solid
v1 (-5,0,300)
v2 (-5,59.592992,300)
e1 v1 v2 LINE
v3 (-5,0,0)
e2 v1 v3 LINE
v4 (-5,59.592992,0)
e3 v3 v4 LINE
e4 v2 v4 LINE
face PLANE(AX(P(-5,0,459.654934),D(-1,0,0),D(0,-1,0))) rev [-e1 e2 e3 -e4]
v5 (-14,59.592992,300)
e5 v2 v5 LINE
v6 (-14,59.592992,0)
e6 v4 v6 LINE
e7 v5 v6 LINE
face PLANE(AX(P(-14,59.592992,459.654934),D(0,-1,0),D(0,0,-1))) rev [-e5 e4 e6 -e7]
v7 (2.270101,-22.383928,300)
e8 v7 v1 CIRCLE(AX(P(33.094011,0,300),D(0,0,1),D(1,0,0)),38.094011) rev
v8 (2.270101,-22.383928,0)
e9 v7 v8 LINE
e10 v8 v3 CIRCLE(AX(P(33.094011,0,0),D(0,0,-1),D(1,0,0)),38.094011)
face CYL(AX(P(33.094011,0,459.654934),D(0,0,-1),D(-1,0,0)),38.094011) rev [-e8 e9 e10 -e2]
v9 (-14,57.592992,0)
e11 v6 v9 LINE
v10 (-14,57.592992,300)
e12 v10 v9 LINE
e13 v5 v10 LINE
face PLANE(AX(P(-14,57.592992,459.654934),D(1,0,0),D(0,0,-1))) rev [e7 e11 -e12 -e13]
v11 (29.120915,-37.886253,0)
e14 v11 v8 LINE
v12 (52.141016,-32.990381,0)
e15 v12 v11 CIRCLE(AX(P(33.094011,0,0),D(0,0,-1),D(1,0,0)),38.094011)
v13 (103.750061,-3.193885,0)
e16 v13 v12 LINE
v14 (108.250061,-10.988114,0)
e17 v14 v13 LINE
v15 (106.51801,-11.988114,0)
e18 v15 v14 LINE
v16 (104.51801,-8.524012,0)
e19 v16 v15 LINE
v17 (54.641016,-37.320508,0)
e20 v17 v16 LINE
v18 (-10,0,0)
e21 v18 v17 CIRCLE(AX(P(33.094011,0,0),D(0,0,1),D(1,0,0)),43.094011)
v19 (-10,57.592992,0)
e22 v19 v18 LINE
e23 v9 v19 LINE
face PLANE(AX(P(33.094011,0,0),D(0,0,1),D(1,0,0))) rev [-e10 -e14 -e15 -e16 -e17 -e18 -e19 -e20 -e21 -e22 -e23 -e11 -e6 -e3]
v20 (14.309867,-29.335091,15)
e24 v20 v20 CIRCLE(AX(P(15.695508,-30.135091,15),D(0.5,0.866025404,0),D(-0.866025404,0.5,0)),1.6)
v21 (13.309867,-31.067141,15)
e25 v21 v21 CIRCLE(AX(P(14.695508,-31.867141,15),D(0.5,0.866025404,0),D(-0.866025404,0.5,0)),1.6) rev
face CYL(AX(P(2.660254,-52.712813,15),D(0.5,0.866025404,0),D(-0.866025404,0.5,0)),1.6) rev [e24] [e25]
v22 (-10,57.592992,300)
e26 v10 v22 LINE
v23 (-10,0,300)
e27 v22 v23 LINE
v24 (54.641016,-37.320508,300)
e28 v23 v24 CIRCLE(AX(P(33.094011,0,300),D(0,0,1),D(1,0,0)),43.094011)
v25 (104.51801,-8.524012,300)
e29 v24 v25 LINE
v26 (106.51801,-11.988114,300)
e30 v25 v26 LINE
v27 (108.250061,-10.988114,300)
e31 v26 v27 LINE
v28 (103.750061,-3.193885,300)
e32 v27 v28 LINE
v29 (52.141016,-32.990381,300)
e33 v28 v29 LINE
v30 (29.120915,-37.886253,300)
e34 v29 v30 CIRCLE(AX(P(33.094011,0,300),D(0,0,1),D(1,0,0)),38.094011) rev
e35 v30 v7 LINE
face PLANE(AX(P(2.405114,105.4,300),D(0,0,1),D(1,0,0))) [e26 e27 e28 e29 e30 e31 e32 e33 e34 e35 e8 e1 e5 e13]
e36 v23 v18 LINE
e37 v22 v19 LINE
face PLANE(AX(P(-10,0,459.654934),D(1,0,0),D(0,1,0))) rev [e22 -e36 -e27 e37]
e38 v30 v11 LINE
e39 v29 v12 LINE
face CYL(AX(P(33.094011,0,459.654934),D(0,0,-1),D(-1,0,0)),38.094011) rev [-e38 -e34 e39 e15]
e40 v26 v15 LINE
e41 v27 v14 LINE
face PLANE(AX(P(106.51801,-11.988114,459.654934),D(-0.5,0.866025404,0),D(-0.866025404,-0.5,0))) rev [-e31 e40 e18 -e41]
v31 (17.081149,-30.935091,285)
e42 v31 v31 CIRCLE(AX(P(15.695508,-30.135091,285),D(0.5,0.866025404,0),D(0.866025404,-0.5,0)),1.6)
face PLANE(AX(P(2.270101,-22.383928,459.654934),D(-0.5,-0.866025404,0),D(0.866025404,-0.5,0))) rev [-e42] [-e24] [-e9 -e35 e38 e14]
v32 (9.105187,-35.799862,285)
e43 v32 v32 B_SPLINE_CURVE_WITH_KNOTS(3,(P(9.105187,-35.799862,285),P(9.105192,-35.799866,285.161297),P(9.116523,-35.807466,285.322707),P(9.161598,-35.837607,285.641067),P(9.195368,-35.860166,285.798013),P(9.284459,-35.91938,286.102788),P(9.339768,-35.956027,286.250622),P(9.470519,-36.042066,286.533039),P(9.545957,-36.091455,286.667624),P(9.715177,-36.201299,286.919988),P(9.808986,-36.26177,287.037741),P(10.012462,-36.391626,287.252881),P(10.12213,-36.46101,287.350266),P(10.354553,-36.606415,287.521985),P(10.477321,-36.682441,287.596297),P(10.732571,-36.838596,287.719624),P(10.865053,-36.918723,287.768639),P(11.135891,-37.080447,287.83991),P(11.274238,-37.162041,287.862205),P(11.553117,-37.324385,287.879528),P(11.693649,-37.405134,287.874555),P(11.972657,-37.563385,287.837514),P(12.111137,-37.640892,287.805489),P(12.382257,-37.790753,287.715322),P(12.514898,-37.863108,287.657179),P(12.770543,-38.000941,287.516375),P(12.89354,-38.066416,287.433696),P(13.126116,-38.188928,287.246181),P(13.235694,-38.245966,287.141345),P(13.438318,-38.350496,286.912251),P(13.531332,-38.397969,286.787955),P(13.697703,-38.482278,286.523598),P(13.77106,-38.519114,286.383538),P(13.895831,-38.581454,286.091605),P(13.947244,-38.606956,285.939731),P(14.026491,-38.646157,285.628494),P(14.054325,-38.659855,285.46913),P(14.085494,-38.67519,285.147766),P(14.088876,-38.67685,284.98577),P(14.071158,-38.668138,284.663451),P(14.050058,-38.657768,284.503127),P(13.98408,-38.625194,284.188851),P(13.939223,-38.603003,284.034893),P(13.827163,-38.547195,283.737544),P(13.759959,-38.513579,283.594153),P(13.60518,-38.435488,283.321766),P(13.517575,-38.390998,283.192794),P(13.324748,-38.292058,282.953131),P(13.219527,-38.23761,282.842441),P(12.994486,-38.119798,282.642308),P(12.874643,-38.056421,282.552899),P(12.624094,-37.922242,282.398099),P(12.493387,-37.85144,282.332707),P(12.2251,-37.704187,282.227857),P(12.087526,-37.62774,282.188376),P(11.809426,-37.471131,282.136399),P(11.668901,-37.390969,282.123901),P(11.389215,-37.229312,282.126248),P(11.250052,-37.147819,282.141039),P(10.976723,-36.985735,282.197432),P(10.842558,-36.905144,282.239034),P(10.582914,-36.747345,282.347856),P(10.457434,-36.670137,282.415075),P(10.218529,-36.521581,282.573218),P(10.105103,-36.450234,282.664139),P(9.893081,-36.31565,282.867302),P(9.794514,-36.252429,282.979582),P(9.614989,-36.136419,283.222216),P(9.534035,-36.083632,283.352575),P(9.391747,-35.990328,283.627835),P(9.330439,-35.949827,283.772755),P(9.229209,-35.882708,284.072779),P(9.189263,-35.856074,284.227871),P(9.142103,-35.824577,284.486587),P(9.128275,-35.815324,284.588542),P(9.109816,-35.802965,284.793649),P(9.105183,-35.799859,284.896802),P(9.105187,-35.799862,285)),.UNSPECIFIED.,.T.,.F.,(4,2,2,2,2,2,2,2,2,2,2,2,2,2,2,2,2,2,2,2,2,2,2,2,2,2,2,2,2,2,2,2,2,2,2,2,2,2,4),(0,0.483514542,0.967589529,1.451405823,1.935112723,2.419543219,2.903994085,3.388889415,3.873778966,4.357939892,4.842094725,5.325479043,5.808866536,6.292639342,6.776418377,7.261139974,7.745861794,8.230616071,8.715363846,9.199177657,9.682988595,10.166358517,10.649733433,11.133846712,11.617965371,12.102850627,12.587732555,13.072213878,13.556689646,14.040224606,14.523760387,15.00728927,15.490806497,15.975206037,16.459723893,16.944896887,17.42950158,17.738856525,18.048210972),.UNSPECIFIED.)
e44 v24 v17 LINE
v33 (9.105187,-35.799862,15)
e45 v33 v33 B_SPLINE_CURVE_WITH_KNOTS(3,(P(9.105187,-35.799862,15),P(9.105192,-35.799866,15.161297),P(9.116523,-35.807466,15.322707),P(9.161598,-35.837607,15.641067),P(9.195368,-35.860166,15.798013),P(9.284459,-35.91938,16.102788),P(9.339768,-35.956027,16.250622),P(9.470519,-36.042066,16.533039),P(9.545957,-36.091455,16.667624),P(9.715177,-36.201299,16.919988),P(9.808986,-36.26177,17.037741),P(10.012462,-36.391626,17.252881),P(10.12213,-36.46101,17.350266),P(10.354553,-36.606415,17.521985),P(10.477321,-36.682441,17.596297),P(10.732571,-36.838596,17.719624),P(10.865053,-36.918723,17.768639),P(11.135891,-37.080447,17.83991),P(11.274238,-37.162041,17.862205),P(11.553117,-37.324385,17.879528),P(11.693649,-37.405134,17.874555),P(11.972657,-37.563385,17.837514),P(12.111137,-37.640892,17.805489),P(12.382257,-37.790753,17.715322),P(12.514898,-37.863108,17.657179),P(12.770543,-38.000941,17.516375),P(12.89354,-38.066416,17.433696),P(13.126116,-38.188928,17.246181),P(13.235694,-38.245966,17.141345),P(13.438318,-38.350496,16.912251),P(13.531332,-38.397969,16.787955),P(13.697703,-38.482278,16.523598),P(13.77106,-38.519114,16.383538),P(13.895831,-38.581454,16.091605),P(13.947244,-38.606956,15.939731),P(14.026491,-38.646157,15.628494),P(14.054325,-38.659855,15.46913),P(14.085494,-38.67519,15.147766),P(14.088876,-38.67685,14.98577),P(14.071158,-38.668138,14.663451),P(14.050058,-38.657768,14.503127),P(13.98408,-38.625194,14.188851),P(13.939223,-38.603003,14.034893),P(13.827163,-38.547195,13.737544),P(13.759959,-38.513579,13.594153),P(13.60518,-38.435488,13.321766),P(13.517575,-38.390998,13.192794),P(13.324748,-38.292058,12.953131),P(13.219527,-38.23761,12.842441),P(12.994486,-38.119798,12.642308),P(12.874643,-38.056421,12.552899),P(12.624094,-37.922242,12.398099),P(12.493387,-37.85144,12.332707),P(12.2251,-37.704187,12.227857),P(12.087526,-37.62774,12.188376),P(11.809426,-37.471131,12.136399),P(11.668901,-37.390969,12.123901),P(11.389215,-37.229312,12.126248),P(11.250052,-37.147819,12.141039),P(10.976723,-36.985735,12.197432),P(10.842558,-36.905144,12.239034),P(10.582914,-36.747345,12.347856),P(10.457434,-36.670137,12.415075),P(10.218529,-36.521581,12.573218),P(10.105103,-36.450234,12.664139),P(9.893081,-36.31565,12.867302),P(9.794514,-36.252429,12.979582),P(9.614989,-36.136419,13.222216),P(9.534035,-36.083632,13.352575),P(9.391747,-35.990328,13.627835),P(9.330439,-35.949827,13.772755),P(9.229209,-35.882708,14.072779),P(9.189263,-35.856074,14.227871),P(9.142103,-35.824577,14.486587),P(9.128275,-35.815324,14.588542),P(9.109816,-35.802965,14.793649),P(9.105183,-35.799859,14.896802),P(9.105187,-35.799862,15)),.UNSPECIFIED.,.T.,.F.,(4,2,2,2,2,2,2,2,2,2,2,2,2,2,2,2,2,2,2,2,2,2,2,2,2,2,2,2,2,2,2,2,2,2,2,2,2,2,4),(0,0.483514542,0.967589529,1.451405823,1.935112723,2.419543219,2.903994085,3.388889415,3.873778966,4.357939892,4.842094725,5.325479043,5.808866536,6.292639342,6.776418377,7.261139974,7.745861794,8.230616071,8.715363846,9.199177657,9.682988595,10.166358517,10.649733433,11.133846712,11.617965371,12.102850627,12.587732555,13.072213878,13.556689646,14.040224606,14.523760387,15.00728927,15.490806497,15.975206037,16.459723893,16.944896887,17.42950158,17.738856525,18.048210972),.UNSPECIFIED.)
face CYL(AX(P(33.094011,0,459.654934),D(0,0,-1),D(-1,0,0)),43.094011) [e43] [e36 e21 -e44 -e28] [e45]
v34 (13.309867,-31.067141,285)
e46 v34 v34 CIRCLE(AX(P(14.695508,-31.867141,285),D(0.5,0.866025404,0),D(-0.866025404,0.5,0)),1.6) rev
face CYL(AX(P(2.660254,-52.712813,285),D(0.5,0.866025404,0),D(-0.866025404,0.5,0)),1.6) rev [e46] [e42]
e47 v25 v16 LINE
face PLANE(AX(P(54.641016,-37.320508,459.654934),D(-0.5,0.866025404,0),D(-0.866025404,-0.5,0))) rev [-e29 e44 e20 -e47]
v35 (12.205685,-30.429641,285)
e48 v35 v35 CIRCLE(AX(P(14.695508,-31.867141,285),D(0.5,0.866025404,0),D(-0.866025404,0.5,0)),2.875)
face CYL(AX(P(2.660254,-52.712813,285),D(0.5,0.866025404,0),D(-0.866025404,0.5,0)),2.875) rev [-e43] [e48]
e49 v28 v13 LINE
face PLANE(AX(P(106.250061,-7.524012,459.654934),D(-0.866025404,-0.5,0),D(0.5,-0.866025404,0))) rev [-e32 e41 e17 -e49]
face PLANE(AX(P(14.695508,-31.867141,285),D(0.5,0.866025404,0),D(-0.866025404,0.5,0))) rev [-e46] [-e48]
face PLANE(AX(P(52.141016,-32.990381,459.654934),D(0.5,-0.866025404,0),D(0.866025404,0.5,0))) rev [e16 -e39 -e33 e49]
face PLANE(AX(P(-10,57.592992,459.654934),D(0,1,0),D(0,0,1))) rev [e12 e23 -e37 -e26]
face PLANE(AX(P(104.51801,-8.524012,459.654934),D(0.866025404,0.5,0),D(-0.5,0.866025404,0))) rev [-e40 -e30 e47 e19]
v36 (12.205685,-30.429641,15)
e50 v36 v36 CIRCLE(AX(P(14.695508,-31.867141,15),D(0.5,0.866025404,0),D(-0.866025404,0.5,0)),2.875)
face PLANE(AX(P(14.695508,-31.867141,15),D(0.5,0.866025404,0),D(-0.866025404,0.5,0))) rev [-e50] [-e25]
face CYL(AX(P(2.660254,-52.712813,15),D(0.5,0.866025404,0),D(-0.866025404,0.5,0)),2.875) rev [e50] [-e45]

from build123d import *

# Parameters (mm, degrees)
BOSS_EXTRUDE1_DEPTH = 300
SKETCH3_R           = 1.6
CUT_EXTRUDE1_DEPTH  = 331.850051567
CUT_EXTRUDE2_START  = -2
SKETCH4_R           = 2.875
CUT_EXTRUDE2_DEPTH  = 329.850051657


with BuildPart() as part:
    # Sketch2 → Boss-Extrude1 (new body)
    with BuildSketch(Plane.XY):
        with BuildLine():
            Line((-10, 0), (-10, 57.592991829))
            Line((-10, 57.592991829), (-14, 57.592991829))
            Line((-14, 57.592991829), (-14, 59.592991829))
            Line((-14, 59.592991829), (-10, 59.592991829))
            Line((-10, 59.592991829), (-5, 59.592991829))
            Line((-5, 59.592991829), (-5, 0))
            ThreePointArc((-5, 0), (-3.13691529, -11.76748288), (2.270101024, -22.383928263))
            Line((2.270101024, -22.383928263), (29.120915128, -37.886253013))
            ThreePointArc((29.120915128, -37.886253013), (41.018534684, -37.260643809), (52.141016151, -32.990381057))
            Line((52.141016151, -32.990381057), (103.750060963, -3.193885142))
            Line((103.750060963, -3.193885142), (106.250060963, -7.524012161))
            Line((106.250060963, -7.524012161), (108.250060963, -10.988113776))
            Line((108.250060963, -10.988113776), (106.518010155, -11.988113776))
            Line((106.518010155, -11.988113776), (104.518010155, -8.524012161))
            Line((104.518010155, -8.524012161), (54.641016151, -37.320508076))
            ThreePointArc((54.641016151, -37.320508076), (11.547005384, -37.320508076), (-10, 0))
        make_face()
    extrude(amount=BOSS_EXTRUDE1_DEPTH)

    # Sketch3 → Cut-Extrude1 (cut, through all)
    with BuildSketch(Plane(origin=(-9.125, -15.804963619, 0), x_dir=(0.8660254037844395, -0.49999999999999856, 0), z_dir=(0.49999999999999856, 0.8660254037844395, 0))):
        with Locations(Location((28.660254038, -15, 0), (0, 0, 180))):
            Circle(SKETCH3_R)
        with Locations(Location((28.660254038, -285, 0), (0, 0, 180))):
            Circle(SKETCH3_R)
    extrude(amount=-CUT_EXTRUDE1_DEPTH, mode=Mode.SUBTRACT)

    # Sketch4 → Cut-Extrude2 (cut, through all)
    with BuildSketch(Plane(origin=(-9.125, -15.804963619, 0), x_dir=(0.8660254037844395, -0.49999999999999856, 0), z_dir=(0.49999999999999856, 0.8660254037844395, 0)).offset(CUT_EXTRUDE2_START)):
        with Locations(Location((28.660254038, -15, 0), (0, 0, 180))):
            Circle(SKETCH4_R)
        with Locations(Location((28.660254038, -285, 0), (0, 0, 180))):
            Circle(SKETCH4_R)
    extrude(amount=-CUT_EXTRUDE2_DEPTH, mode=Mode.SUBTRACT)


solid = part.part
